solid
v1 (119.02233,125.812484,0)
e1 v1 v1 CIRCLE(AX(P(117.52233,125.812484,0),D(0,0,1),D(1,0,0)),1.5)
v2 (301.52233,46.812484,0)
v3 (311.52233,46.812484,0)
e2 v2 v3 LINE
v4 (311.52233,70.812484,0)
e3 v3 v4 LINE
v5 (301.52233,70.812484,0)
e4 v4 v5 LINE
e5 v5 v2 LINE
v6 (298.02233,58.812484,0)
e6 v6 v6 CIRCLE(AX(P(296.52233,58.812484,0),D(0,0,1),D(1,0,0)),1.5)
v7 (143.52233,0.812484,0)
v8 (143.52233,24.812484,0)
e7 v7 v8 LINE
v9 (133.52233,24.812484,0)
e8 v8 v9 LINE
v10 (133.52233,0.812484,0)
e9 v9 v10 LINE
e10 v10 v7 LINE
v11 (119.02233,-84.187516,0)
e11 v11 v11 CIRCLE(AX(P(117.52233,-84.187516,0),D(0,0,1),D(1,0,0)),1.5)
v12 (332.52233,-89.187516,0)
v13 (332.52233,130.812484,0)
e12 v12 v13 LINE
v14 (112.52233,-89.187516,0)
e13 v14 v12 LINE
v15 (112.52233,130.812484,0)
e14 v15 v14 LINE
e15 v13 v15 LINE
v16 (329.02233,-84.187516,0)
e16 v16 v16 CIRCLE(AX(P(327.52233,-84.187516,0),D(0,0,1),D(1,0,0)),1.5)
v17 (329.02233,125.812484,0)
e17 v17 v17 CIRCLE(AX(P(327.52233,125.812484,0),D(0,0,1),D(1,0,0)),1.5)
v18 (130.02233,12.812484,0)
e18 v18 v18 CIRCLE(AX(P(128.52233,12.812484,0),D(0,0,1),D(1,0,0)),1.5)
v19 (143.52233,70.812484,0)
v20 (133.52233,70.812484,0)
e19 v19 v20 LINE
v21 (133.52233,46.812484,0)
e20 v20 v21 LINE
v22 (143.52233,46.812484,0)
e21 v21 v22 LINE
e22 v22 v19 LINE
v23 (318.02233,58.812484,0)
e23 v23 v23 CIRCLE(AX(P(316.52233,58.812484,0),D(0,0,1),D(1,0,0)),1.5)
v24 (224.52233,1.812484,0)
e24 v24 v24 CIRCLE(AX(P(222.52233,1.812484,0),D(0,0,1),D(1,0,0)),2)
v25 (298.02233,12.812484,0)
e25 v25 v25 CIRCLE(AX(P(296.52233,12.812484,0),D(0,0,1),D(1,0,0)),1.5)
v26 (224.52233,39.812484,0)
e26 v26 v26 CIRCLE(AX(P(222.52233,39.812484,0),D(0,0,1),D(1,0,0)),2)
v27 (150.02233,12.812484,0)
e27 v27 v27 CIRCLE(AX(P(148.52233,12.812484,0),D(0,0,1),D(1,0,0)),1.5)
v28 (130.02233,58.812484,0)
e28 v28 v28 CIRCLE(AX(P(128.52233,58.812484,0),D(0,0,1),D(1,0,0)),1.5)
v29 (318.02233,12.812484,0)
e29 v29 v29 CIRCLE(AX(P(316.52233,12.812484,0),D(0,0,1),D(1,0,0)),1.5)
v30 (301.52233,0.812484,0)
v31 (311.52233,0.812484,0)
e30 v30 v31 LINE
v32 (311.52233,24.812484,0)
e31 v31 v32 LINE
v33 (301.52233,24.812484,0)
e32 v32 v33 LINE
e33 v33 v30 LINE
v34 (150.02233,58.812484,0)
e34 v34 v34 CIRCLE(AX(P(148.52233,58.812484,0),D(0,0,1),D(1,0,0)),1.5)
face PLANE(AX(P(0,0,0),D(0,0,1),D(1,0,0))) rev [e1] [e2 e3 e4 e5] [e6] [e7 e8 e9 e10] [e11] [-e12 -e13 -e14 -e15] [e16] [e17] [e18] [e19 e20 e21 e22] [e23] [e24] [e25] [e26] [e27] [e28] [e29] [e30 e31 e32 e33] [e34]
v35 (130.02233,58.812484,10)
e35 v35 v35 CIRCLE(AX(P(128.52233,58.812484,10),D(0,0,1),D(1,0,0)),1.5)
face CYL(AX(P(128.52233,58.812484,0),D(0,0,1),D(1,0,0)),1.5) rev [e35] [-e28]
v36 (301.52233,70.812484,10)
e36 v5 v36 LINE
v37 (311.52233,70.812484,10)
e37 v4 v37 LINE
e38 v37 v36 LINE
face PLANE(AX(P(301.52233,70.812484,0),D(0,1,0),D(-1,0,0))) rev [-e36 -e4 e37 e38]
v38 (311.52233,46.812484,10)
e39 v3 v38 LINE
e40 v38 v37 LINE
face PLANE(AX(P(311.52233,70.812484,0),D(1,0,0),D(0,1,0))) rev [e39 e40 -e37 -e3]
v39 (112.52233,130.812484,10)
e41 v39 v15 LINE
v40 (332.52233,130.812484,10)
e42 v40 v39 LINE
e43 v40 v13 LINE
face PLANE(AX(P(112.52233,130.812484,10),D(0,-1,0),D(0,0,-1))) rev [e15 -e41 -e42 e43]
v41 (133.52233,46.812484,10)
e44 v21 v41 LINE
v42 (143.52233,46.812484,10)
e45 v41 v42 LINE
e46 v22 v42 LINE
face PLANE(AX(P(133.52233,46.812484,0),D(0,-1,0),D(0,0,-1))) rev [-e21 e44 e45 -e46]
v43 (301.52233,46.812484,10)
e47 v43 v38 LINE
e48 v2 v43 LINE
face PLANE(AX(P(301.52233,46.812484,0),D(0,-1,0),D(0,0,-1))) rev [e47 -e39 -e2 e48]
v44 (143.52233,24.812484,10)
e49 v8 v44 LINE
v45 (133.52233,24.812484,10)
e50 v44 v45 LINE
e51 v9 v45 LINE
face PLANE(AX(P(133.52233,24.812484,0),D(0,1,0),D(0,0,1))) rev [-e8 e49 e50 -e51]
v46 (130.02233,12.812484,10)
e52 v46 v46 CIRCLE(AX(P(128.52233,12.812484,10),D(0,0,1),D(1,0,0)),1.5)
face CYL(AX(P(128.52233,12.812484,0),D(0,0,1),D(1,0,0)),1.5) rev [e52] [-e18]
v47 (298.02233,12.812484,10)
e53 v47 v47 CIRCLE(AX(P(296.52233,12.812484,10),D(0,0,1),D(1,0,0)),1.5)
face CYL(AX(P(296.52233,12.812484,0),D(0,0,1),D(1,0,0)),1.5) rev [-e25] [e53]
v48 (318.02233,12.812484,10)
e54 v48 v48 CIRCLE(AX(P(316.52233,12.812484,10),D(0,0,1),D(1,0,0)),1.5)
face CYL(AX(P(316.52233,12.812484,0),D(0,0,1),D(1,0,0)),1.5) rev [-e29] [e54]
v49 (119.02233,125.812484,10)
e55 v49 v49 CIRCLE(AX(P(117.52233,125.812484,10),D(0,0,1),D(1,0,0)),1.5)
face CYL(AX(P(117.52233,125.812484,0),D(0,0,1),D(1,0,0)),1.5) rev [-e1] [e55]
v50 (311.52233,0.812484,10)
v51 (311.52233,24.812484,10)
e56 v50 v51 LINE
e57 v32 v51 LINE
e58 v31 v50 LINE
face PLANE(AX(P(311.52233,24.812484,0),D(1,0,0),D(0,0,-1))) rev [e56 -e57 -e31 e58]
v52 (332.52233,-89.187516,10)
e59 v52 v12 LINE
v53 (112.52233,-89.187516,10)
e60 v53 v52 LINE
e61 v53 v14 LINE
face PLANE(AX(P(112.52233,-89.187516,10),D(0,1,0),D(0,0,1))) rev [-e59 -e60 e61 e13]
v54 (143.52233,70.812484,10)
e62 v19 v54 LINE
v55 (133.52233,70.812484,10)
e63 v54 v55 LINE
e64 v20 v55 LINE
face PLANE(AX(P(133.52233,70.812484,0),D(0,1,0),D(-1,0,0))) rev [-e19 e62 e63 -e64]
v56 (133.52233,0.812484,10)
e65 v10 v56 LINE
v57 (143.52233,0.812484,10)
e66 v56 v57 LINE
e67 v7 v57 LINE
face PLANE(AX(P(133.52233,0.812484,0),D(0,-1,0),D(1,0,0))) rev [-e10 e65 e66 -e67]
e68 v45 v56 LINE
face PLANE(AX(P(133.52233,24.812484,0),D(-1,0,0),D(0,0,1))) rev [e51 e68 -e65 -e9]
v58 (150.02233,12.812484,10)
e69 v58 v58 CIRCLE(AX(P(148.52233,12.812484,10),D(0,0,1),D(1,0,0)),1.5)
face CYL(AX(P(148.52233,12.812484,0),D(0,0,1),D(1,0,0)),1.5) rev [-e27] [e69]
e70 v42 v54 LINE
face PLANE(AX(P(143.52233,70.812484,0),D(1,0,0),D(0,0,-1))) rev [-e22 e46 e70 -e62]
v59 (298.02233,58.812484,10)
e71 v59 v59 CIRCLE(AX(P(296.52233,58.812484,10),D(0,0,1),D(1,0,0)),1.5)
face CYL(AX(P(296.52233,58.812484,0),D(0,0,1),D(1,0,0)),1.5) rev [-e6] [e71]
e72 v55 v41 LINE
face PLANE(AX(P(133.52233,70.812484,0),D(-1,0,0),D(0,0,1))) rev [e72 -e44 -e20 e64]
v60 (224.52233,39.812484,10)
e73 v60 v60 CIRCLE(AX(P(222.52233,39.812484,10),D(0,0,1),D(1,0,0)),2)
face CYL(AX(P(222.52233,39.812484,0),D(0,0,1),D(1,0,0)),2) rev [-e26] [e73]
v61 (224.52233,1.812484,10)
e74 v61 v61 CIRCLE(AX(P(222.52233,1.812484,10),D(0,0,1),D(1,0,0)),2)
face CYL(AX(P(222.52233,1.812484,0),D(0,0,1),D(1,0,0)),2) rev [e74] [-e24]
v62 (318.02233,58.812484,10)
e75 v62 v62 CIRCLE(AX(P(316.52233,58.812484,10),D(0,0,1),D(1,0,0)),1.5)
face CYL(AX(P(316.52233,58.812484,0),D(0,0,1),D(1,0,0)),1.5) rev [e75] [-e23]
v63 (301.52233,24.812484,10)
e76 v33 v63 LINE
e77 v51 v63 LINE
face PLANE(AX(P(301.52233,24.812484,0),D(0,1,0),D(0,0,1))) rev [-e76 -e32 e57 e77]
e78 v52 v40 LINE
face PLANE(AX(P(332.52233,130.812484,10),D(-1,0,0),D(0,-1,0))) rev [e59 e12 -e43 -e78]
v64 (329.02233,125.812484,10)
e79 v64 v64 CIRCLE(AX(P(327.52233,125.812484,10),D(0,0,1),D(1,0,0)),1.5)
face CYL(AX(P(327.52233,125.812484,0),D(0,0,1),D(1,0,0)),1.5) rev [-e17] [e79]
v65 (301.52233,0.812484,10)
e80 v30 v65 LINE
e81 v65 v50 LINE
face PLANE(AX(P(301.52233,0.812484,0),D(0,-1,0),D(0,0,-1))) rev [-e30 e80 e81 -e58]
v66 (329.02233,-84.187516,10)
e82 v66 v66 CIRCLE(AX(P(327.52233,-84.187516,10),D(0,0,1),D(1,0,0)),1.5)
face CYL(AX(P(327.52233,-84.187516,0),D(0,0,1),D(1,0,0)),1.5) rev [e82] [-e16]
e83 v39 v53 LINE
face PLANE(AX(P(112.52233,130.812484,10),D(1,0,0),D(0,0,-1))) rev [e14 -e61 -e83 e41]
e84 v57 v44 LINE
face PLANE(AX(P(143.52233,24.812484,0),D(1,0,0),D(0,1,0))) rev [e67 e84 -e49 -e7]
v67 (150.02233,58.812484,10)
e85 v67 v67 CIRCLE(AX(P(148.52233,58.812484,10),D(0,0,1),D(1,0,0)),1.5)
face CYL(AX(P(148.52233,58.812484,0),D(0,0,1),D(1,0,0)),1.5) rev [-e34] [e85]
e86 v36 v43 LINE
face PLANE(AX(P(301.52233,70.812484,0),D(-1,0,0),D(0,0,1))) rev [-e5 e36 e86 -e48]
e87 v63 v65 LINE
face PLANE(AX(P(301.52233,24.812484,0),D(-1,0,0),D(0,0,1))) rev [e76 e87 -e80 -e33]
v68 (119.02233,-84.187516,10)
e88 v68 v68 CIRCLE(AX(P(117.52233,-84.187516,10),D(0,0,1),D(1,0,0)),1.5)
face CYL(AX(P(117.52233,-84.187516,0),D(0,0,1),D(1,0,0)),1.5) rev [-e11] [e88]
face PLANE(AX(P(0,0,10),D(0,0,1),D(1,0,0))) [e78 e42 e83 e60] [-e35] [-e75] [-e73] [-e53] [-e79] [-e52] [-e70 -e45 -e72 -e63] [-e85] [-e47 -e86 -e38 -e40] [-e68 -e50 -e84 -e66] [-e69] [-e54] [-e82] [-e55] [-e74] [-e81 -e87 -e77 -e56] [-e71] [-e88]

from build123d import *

# Parameters (mm, degrees)
SKETCH2_W           = 220
SKETCH2_H           = 220
BOSS_EXTRUDE2_DEPTH = 10
SKETCH3_R           = 1.5
CUT_EXTRUDE2_DEPTH  = 10
SKETCH4_R           = 1.5
SKETCH4_W           = 10
SKETCH4_H           = 24
CUT_EXTRUDE3_DEPTH  = 10
SKETCH6_R           = 2
CUT_EXTRUDE4_DEPTH  = 10


with BuildPart() as part:
    # Sketch2 → Boss-Extrude2 (new body)
    with BuildSketch(Plane.XY):
        with Locations((222.522330277, 20.812483699)):
            Rectangle(SKETCH2_W, SKETCH2_H)
    extrude(amount=BOSS_EXTRUDE2_DEPTH)

    # Sketch3 → Cut-Extrude2 (cut)
    with BuildSketch(Plane.XY.offset(10)):
        with Locations((117.522330277, 125.812483699)):
            Circle(SKETCH3_R)
        with Locations((117.522330277, -84.187516301)):
            Circle(SKETCH3_R)
        with Locations((327.522330277, -84.187516301)):
            Circle(SKETCH3_R)
        with Locations((327.522330277, 125.812483699)):
            Circle(SKETCH3_R)
    extrude(amount=-CUT_EXTRUDE2_DEPTH, mode=Mode.SUBTRACT)

    # Sketch4 → Cut-Extrude3 (cut)
    with BuildSketch(Plane.XY.offset(10)):
        with Locations((128.522330277, 58.812483699)):
            Circle(SKETCH4_R)
        with Locations((148.522330277, 58.812483699)):
            Circle(SKETCH4_R)
        with Locations((128.522330277, 12.812483699)):
            Circle(SKETCH4_R)
        with Locations((148.522330277, 12.812483699)):
            Circle(SKETCH4_R)
        with Locations((296.522330277, 12.812483699)):
            Circle(SKETCH4_R)
        with Locations((316.522330277, 12.812483699)):
            Circle(SKETCH4_R)
        with Locations((296.522330277, 58.812483699)):
            Circle(SKETCH4_R)
        with Locations((316.522330277, 58.812483699)):
            Circle(SKETCH4_R)
        with Locations((138.522330277, 58.812483699)):
            Rectangle(SKETCH4_W, SKETCH4_H)
        with Locations((138.522330277, 12.812483699)):
            Rectangle(SKETCH4_W, SKETCH4_H)
        with Locations((306.522330277, 58.812483699)):
            Rectangle(SKETCH4_W, SKETCH4_H)
        with Locations((306.522330277, 12.812483699)):
            Rectangle(SKETCH4_W, SKETCH4_H)
    extrude(amount=-CUT_EXTRUDE3_DEPTH, mode=Mode.SUBTRACT)

    # Sketch6 → Cut-Extrude4 (cut)
    with BuildSketch(Plane.XY.offset(10)):
        with Locations((222.522330277, 39.812483699)):
            Circle(SKETCH6_R)
        with Locations((222.522330277, 1.812483699)):
            Circle(SKETCH6_R)
    extrude(amount=-CUT_EXTRUDE4_DEPTH, mode=Mode.SUBTRACT)


solid = part.part
